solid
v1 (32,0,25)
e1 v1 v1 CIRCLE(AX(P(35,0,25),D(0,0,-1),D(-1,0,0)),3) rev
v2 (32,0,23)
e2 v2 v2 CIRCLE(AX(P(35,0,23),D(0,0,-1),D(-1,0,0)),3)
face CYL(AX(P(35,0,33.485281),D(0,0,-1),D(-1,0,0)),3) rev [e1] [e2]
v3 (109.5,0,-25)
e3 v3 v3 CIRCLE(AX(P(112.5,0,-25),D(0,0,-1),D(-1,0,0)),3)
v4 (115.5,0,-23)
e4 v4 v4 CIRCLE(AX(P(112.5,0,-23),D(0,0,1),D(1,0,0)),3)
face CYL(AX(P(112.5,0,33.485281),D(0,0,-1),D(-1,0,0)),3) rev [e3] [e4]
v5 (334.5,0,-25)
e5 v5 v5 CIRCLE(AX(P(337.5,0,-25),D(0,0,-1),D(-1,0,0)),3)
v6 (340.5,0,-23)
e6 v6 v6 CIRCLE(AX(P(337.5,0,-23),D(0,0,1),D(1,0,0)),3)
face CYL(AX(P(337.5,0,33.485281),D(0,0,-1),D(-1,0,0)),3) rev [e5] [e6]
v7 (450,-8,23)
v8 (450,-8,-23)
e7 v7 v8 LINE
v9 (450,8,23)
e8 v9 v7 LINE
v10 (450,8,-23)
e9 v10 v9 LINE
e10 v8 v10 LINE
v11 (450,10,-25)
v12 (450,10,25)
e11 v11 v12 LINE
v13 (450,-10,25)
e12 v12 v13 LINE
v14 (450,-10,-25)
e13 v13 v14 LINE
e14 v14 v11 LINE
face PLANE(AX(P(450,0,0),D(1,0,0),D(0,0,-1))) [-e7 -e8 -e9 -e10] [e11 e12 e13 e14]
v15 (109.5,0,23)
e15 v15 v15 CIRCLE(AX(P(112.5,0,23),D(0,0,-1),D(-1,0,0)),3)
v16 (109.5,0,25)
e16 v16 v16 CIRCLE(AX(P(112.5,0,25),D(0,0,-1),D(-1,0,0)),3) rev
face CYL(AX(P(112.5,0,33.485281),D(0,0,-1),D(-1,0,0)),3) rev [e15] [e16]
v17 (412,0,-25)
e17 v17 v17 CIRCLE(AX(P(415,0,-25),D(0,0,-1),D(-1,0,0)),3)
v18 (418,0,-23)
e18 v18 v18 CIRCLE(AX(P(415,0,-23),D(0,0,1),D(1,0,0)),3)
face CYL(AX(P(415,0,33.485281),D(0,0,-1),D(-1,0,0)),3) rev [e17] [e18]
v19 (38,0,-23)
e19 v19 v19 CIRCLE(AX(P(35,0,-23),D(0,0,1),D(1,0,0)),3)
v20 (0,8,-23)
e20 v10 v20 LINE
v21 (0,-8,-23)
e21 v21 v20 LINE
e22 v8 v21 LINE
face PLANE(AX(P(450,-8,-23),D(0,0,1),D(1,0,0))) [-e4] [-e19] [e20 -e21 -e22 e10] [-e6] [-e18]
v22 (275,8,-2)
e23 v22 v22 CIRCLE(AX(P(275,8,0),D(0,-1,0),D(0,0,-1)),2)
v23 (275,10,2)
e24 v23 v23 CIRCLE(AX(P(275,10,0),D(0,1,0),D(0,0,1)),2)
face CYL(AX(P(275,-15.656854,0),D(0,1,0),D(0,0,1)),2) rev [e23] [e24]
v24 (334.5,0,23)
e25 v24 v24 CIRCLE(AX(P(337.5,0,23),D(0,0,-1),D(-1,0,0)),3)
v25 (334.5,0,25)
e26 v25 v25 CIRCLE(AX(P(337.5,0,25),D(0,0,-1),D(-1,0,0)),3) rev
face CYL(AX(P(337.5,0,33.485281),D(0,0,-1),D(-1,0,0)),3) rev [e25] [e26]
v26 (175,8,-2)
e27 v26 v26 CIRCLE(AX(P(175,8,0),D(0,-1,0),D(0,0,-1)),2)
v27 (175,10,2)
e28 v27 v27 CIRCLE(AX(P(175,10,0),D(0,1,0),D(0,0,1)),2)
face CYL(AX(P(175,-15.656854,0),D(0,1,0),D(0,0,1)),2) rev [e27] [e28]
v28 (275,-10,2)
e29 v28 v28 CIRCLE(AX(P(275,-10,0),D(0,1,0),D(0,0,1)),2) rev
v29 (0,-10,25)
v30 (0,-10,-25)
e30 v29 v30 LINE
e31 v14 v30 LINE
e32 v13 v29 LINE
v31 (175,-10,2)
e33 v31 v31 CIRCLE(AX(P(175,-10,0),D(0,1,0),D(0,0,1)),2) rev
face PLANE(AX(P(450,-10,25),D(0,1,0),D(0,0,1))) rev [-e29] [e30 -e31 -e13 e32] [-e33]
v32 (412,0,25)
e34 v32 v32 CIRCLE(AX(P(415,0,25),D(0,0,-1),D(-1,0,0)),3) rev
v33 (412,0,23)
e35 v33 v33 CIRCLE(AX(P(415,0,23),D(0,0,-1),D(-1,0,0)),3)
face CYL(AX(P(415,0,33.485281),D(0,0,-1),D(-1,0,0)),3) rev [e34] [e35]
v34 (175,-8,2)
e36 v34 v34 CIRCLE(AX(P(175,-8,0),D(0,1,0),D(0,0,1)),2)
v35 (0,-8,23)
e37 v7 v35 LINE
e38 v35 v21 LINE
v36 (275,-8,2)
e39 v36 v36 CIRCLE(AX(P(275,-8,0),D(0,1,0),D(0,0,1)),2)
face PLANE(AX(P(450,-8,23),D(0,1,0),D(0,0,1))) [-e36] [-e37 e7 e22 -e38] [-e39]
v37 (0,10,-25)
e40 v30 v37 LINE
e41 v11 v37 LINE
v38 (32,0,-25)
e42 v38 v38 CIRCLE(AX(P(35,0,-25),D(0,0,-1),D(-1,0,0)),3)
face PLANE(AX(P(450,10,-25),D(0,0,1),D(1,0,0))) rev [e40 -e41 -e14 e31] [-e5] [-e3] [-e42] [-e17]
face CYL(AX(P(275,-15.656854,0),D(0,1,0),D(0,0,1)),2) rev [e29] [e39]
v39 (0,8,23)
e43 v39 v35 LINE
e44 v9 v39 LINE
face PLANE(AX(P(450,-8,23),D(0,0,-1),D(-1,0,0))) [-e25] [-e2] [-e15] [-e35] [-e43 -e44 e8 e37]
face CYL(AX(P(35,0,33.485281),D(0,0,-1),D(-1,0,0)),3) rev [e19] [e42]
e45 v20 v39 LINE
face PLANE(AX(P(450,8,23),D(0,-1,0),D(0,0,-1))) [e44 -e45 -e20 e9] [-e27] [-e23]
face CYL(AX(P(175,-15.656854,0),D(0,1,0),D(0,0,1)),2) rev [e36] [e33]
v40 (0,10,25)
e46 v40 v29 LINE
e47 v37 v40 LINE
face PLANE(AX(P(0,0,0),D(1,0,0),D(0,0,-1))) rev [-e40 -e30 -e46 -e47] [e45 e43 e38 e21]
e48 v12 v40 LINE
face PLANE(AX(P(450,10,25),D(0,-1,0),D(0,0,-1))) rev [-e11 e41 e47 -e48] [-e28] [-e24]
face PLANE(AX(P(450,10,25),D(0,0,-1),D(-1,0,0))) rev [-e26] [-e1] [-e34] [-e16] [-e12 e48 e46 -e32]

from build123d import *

# Parameters (mm, degrees)
SKETCH_1_W          = 50
SKETCH_1_H          = 20
SKETCH_1_W_2        = 46
SKETCH_1_H_2        = 16
EXTRUDE_1_DEPTH     = 450
CUT_EXTRUDE_1_REACH = 454.88
SKETCH_2_R          = 3
CUT_EXTRUDE_2_REACH = 453.137
SKETCH_3_R          = 2


with BuildPart() as part:
    # Эскиз1 → Бобышка-Вытянуть1 (new body)
    with BuildSketch(Plane(origin=(0, 0, 0), x_dir=(0, 0, -1), z_dir=(1, 0, 0))):
        Rectangle(SKETCH_1_W, SKETCH_1_H)
        Rectangle(SKETCH_1_W_2, SKETCH_1_H_2, mode=Mode.SUBTRACT)
    extrude(amount=EXTRUDE_1_DEPTH)

    # Вырез-Вытянуть1: up to this face of the body (flat: up to its plane)
    cut_extrude_1_end = Plane(part.part.faces().sort_by_distance((225, 0, 25))[0])
    # Эскиз2 → Вырез-Вытянуть1 (cut, up to the picked face)
    with BuildSketch(Plane(origin=(0, 0, -25), x_dir=(-1, 0, 0), z_dir=(0, 0, -1)), mode=Mode.PRIVATE) as cut_extrude_1_sk1:
        with Locations((-415, 0)):
            Circle(SKETCH_2_R)
    cut_extrude_1_tool1 = split(extrude(cut_extrude_1_sk1.sketch, amount=-CUT_EXTRUDE_1_REACH, mode=Mode.PRIVATE), bisect_by=cut_extrude_1_end, keep=Keep.BOTH, mode=Mode.PRIVATE)
    # Эскиз2 → Вырез-Вытянуть1 (cut, up to the picked face)
    with BuildSketch(Plane(origin=(0, 0, -25), x_dir=(-1, 0, 0), z_dir=(0, 0, -1)), mode=Mode.PRIVATE) as cut_extrude_1_sk2:
        with Locations((-337.5, 0)):
            Circle(SKETCH_2_R)
    cut_extrude_1_tool2 = split(extrude(cut_extrude_1_sk2.sketch, amount=-CUT_EXTRUDE_1_REACH, mode=Mode.PRIVATE), bisect_by=cut_extrude_1_end, keep=Keep.BOTH, mode=Mode.PRIVATE)
    # Эскиз2 → Вырез-Вытянуть1 (cut, up to the picked face)
    with BuildSketch(Plane(origin=(0, 0, -25), x_dir=(-1, 0, 0), z_dir=(0, 0, -1)), mode=Mode.PRIVATE) as cut_extrude_1_sk3:
        with Locations((-112.5, 0)):
            Circle(SKETCH_2_R)
    cut_extrude_1_tool3 = split(extrude(cut_extrude_1_sk3.sketch, amount=-CUT_EXTRUDE_1_REACH, mode=Mode.PRIVATE), bisect_by=cut_extrude_1_end, keep=Keep.BOTH, mode=Mode.PRIVATE)
    # Эскиз2 → Вырез-Вытянуть1 (cut, up to the picked face)
    with BuildSketch(Plane(origin=(0, 0, -25), x_dir=(-1, 0, 0), z_dir=(0, 0, -1)), mode=Mode.PRIVATE) as cut_extrude_1_sk4:
        with Locations((-35, 0)):
            Circle(SKETCH_2_R)
    cut_extrude_1_tool4 = split(extrude(cut_extrude_1_sk4.sketch, amount=-CUT_EXTRUDE_1_REACH, mode=Mode.PRIVATE), bisect_by=cut_extrude_1_end, keep=Keep.BOTH, mode=Mode.PRIVATE)
    add(cut_extrude_1_tool1.solids().sort_by(Axis((415, 0, -25), (0, 0, 1)))[0], mode=Mode.SUBTRACT)
    add(cut_extrude_1_tool2.solids().sort_by(Axis((337.5, 0, -25), (0, 0, 1)))[0], mode=Mode.SUBTRACT)
    add(cut_extrude_1_tool3.solids().sort_by(Axis((112.5, 0, -25), (0, 0, 1)))[0], mode=Mode.SUBTRACT)
    add(cut_extrude_1_tool4.solids().sort_by(Axis((35, 0, -25), (0, 0, 1)))[0], mode=Mode.SUBTRACT)

    # Вырез-Вытянуть2: up to this face of the body (flat: up to its plane)
    cut_extrude_2_end = Plane(part.part.faces().sort_by_distance((225, -10, 0))[0])
    # Эскиз3 → Вырез-Вытянуть2 (cut, up to the picked face)
    with BuildSketch(Plane(origin=(0, 10, 0), x_dir=(1, 0, 0), z_dir=(0, 1, 0)), mode=Mode.PRIVATE) as cut_extrude_2_sk1:
        with Locations(Location((175, 0, 0), (0, 0, 270))):
            Circle(SKETCH_3_R)
    cut_extrude_2_tool1 = split(extrude(cut_extrude_2_sk1.sketch, amount=-CUT_EXTRUDE_2_REACH, mode=Mode.PRIVATE), bisect_by=cut_extrude_2_end, keep=Keep.BOTH, mode=Mode.PRIVATE)
    # Эскиз3 → Вырез-Вытянуть2 (cut, up to the picked face)
    with BuildSketch(Plane(origin=(0, 10, 0), x_dir=(1, 0, 0), z_dir=(0, 1, 0)), mode=Mode.PRIVATE) as cut_extrude_2_sk2:
        with Locations(Location((275, 0, 0), (0, 0, 270))):
            Circle(SKETCH_3_R)
    cut_extrude_2_tool2 = split(extrude(cut_extrude_2_sk2.sketch, amount=-CUT_EXTRUDE_2_REACH, mode=Mode.PRIVATE), bisect_by=cut_extrude_2_end, keep=Keep.BOTH, mode=Mode.PRIVATE)
    add(cut_extrude_2_tool1.solids().sort_by(Axis((175, 10, 0), (0, -1, 0)))[0], mode=Mode.SUBTRACT)
    add(cut_extrude_2_tool2.solids().sort_by(Axis((275, 10, 0), (0, -1, 0)))[0], mode=Mode.SUBTRACT)


solid = part.part
